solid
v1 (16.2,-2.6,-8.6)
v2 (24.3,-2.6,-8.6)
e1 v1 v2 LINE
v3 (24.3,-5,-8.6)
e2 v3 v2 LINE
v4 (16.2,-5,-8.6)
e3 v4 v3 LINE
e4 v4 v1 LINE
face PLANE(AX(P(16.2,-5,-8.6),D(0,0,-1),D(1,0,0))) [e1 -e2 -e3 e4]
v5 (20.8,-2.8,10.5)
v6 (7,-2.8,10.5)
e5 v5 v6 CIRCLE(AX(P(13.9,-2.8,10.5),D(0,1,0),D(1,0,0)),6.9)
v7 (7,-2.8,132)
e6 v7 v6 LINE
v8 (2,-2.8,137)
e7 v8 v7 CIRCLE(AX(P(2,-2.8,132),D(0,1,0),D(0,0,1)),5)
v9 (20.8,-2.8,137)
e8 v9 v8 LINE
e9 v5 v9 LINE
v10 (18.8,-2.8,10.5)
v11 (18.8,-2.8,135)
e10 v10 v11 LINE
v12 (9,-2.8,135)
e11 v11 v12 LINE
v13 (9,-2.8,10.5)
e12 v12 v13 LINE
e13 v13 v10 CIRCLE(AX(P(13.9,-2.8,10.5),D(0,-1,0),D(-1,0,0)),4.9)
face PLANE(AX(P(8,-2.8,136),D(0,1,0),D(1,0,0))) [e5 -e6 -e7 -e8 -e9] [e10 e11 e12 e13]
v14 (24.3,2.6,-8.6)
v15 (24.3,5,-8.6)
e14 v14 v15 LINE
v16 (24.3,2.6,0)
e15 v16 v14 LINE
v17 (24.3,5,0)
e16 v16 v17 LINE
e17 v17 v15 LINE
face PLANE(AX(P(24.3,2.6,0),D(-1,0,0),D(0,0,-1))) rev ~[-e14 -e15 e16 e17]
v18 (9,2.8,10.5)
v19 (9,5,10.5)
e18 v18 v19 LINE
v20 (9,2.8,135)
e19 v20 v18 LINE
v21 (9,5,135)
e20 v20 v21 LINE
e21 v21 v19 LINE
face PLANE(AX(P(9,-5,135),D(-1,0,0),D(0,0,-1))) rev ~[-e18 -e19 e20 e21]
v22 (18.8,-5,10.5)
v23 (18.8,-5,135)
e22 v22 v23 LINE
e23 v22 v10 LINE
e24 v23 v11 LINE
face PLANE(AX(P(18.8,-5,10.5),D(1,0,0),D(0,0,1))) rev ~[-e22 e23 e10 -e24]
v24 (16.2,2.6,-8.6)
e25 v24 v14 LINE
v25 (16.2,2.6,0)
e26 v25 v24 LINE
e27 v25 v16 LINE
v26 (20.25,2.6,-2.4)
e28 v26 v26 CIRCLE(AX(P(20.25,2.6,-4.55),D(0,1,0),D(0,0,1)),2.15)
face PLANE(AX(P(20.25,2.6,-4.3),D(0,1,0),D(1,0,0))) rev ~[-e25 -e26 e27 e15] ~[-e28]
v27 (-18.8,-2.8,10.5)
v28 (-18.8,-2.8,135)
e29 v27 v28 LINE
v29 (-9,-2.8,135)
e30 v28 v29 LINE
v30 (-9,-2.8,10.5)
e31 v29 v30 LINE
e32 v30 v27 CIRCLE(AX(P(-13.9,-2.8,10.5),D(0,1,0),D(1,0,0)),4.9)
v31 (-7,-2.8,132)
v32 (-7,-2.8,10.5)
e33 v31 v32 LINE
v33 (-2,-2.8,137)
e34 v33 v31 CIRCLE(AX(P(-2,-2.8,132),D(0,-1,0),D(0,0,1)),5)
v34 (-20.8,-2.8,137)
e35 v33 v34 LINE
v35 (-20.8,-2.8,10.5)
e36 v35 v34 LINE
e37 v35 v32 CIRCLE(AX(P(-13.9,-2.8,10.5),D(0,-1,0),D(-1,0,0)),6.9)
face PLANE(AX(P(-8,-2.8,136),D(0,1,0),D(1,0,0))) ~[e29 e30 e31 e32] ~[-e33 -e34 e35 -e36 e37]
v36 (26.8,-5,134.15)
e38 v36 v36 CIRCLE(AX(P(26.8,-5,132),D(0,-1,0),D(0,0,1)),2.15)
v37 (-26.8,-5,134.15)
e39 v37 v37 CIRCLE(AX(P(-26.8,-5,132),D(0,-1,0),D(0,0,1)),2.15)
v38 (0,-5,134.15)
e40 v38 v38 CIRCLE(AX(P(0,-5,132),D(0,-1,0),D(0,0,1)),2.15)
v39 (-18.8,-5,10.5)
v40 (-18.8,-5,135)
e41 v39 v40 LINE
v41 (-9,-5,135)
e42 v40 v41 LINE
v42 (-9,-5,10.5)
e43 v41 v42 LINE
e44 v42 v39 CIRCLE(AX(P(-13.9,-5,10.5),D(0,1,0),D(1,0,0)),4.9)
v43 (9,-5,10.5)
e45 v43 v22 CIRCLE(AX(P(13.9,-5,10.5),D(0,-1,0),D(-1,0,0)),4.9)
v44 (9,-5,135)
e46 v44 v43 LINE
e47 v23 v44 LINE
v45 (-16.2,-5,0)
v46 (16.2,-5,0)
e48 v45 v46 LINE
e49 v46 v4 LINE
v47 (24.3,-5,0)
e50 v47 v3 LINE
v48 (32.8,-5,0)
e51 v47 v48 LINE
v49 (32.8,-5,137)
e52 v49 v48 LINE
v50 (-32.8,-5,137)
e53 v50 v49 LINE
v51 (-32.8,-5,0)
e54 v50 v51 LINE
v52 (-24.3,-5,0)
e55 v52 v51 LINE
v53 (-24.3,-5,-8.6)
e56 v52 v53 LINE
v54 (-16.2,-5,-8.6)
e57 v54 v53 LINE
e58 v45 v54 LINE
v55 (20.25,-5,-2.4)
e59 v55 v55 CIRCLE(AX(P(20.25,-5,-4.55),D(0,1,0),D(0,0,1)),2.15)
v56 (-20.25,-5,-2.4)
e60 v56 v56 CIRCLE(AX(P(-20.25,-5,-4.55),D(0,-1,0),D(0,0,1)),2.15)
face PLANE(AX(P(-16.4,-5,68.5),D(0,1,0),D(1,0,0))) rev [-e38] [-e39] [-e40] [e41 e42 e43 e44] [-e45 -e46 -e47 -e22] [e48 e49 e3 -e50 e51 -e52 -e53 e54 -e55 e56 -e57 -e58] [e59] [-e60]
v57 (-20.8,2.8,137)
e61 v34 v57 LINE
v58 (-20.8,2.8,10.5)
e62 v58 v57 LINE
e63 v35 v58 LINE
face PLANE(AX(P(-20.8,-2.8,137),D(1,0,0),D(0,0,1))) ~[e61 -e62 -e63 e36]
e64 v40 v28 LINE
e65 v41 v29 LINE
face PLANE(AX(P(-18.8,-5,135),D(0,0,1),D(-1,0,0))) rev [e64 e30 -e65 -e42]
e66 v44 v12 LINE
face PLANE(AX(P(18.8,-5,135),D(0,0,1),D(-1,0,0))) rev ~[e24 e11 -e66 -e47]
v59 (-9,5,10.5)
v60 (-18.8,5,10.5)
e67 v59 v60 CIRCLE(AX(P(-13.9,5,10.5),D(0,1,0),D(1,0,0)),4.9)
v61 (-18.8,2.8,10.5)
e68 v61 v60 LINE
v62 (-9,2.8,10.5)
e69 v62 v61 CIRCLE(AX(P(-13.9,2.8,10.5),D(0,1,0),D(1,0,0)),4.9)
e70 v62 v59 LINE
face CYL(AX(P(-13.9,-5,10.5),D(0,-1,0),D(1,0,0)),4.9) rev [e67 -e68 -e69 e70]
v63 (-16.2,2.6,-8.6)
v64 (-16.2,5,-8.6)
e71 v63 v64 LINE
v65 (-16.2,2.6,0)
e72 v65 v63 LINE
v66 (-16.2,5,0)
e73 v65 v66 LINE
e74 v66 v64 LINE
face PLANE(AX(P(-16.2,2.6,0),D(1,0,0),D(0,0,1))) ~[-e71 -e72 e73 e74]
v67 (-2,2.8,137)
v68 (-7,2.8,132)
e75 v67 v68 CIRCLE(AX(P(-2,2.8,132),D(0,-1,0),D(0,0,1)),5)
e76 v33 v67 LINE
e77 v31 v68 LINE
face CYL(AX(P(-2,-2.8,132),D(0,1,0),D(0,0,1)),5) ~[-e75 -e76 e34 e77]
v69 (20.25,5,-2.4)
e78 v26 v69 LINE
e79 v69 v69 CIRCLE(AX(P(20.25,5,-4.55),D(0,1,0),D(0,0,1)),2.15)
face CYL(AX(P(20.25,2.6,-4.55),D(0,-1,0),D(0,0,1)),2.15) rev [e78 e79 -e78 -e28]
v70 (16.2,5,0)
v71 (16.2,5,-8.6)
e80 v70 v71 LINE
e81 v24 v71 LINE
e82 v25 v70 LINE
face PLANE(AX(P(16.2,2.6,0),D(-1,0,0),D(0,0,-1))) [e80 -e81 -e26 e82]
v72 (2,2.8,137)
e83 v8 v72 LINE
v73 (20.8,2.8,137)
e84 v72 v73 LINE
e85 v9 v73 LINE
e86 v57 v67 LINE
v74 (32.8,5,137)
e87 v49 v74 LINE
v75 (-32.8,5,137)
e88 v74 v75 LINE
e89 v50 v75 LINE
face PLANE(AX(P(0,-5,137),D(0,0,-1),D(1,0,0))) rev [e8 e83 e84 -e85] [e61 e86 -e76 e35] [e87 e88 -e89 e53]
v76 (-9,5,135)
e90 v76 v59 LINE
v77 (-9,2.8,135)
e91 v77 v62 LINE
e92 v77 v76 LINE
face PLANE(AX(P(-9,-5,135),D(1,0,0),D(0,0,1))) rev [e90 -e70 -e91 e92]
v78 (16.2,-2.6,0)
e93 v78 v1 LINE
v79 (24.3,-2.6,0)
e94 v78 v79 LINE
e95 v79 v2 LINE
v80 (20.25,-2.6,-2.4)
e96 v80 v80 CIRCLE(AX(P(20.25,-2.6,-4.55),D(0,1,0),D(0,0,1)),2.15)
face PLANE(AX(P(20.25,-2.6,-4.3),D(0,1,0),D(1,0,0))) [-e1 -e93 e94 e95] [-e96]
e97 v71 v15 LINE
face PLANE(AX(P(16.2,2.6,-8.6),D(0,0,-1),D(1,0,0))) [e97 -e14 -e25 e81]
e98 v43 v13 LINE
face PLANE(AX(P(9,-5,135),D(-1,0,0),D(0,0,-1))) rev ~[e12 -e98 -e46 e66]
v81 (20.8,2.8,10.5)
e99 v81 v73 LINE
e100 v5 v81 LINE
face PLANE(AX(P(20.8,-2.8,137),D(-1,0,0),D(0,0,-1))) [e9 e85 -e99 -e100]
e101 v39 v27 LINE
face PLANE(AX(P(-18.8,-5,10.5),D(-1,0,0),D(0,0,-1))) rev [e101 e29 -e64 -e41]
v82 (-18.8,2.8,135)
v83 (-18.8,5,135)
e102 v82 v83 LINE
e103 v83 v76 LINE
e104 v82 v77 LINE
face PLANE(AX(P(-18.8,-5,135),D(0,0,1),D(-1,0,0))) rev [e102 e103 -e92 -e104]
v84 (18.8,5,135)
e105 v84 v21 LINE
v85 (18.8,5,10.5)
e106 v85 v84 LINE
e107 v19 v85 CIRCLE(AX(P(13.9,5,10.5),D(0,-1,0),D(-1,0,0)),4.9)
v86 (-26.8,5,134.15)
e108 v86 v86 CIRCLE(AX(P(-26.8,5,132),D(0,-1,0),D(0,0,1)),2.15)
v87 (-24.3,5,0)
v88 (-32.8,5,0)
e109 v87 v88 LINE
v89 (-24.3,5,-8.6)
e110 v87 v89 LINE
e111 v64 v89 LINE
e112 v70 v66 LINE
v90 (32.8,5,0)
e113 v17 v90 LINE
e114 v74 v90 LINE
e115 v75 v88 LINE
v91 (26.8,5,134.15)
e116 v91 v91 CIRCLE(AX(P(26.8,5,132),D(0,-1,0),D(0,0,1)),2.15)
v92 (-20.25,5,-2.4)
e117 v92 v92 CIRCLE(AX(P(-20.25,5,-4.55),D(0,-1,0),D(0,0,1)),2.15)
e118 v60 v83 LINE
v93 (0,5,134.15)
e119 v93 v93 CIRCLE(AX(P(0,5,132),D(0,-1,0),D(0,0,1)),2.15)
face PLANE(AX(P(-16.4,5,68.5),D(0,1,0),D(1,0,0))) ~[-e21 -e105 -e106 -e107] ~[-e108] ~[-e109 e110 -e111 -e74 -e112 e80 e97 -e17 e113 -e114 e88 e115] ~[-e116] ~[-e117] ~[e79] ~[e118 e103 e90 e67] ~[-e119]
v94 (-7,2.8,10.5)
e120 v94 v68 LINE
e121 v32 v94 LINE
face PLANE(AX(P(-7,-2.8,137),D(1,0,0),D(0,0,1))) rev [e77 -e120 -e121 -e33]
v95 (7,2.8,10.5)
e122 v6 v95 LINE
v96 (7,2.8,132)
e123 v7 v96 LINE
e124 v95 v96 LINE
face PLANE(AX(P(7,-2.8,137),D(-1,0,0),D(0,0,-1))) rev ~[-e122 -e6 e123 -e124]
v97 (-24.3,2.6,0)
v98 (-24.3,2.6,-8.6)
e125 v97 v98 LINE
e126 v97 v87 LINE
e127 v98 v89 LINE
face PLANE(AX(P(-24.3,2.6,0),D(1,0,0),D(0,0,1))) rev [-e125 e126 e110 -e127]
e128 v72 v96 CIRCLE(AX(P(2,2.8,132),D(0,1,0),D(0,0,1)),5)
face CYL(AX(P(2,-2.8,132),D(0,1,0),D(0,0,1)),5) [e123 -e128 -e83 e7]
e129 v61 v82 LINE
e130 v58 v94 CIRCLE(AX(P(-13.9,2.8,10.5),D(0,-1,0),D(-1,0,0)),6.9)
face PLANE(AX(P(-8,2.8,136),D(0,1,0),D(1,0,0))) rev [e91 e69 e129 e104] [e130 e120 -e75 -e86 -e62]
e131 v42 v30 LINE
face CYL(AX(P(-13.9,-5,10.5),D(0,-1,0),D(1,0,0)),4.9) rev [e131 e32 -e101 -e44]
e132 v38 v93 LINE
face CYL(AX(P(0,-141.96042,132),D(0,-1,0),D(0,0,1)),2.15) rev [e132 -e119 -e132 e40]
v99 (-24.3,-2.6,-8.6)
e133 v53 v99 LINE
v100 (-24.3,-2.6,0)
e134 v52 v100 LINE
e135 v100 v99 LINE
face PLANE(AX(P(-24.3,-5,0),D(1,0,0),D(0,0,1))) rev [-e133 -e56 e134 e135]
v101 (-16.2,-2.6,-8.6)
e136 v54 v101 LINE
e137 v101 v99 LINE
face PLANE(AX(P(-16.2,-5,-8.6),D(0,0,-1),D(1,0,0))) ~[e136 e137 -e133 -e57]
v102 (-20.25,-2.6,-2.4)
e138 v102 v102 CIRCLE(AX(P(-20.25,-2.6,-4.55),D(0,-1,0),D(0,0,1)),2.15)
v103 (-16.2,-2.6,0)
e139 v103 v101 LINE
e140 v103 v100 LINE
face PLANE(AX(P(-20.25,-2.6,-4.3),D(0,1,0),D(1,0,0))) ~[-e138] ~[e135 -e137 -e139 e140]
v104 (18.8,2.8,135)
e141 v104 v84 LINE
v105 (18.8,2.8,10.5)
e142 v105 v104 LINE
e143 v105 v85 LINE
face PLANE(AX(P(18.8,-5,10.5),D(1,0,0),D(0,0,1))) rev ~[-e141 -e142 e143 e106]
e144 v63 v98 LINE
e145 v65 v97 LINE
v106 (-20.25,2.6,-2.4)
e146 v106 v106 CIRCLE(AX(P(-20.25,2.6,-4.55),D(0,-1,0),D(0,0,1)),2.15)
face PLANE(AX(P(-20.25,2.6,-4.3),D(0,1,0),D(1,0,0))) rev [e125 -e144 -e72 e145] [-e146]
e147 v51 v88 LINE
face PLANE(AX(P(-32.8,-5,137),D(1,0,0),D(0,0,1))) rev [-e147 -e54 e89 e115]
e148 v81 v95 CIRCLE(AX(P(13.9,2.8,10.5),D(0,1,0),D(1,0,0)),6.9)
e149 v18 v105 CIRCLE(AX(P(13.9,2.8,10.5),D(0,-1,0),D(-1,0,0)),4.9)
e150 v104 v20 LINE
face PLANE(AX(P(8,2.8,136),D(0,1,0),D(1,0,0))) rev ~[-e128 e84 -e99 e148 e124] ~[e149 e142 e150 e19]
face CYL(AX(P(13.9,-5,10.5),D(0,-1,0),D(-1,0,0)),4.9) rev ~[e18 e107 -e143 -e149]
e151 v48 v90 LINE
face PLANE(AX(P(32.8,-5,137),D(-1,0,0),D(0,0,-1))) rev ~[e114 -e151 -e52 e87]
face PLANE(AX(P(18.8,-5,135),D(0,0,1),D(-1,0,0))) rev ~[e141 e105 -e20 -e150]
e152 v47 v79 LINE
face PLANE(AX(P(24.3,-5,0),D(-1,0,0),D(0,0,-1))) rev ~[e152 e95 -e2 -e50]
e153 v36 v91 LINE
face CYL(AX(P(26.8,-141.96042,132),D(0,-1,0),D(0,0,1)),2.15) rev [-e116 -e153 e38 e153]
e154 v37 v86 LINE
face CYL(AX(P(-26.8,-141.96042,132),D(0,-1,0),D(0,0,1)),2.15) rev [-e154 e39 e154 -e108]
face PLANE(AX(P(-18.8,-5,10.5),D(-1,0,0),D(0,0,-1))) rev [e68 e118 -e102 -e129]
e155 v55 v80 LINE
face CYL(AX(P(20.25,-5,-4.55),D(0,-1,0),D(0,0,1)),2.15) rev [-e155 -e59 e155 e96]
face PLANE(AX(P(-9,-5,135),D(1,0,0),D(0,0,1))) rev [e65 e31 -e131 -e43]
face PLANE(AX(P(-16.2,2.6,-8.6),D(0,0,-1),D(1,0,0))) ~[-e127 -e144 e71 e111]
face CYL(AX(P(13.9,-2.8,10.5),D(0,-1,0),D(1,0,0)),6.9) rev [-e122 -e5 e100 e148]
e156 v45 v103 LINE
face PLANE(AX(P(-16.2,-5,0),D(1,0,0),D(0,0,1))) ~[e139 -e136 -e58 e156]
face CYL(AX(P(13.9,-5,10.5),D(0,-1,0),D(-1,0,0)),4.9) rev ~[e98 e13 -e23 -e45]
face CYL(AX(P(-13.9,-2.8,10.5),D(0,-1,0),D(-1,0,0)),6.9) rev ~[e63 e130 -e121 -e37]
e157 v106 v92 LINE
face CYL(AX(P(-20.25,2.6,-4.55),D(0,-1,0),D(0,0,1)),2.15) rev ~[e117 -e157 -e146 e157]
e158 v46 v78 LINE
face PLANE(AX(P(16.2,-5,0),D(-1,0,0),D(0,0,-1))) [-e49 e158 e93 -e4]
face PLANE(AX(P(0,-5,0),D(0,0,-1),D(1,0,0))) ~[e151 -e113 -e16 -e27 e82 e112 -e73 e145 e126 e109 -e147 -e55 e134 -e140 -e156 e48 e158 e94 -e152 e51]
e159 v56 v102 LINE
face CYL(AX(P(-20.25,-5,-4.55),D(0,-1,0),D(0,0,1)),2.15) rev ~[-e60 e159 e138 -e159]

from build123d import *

# Parameters (mm, degrees)
BOSS_EXTRUDE1_DEPTH      = 5
BOSS_EXTRUDE1_DEPTH_BACK = 5
SKETCH1_W                = 32.8
SKETCH1_H                = 137
CUT_EXTRUDE1_DEPTH       = 2.8
CUT_EXTRUDE1_DEPTH_BACK  = 2.8
SKETCH1_4_R              = 4.9
CUT_EXTRUDE3_DEPTH       = 2.8
CUT_EXTRUDE3_DEPTH_BACK  = 2.8
SKETCH1_8_W              = 2
SKETCH1_8_H              = 2
SKETCH1_8_W_2            = 9.8
BOSS_EXTRUDE2_START      = 2.6
SKETCH1_5_W              = 8.1
SKETCH1_5_H              = 8.6
SKETCH1_5_R              = 2.15
BOSS_EXTRUDE2_DEPTH      = 2.4
BOSS_EXTRUDE3_START      = -5
SKETCH1_6_W              = 8.1
SKETCH1_6_H              = 8.6
SKETCH1_6_R              = 2.15
BOSS_EXTRUDE3_DEPTH      = 2.4
FILLET1_R                = 5
CUT_EXTRUDE4_DEPTH       = 141.960419977
CUT_EXTRUDE4_DEPTH_BACK  = 141.960419977
SKETCH3_R                = 2.15


with BuildPart() as part:
    # Sketch1 → Boss-Extrude1 (new, two sides: drawn at the far end of the back side and taken through both)
    with BuildSketch(Plane(origin=(0, 0, 0), x_dir=(1, 0, 0), z_dir=(0, 1, 0)).offset(-BOSS_EXTRUDE1_DEPTH_BACK)):
        with Locations((16.4, -68.5)):
            Rectangle(SKETCH1_W, SKETCH1_H)
        with BuildLine():
            Line((9, -135), (9, -10.5))
            ThreePointArc((9, -10.5), (13.9, -5.6), (18.8, -10.5))
            Line((18.8, -10.5), (18.8, -135))
            Line((18.8, -135), (9, -135))
        make_face(mode=Mode.SUBTRACT)
    extrude(amount=BOSS_EXTRUDE1_DEPTH + BOSS_EXTRUDE1_DEPTH_BACK)

    # Sketch1<4> → Cut-Extrude1 (cut, two sides: drawn at the far end of the back side and taken through both)
    with BuildSketch(Plane(origin=(0, 0, 0), x_dir=(1, 0, 0), z_dir=(0, 1, 0)).offset(-CUT_EXTRUDE1_DEPTH_BACK)):
        with BuildLine():
            Line((7, -10.5), (7, -135))
            Line((7, -135), (9, -135))
            Line((9, -135), (9, -15.357983121))
            ThreePointArc((9, -15.357983121), (7.519561144, -13.126785107), (7, -10.5))
        make_face()
        with BuildLine():
            Line((18.8, -135), (20.8, -135))
            Line((20.8, -135), (20.8, -10.5))
            ThreePointArc((20.8, -10.5), (20.280438856, -13.126785107), (18.8, -15.357983121))
            Line((18.8, -15.357983121), (18.8, -135))
        make_face()
        with BuildLine():
            Line((9, -15.357983121), (9, -135))
            Line((9, -135), (18.8, -135))
            Line((18.8, -135), (18.8, -15.357983121))
            ThreePointArc((18.8, -15.357983121), (13.9, -17.4), (9, -15.357983121))
        make_face()
        with BuildLine():
            ThreePointArc((20.8, -10.5), (13.9, -3.6), (7, -10.5))
            ThreePointArc((7, -10.5), (7.519561144, -13.126785107), (9, -15.357983121))
            Line((9, -15.357983121), (9, -10.5))
            ThreePointArc((9, -10.5), (13.9, -5.6), (18.8, -10.5))
            Line((18.8, -10.5), (18.8, -15.357983121))
            ThreePointArc((18.8, -15.357983121), (20.280438856, -13.126785107), (20.8, -10.5))
        make_face()
        with BuildLine():
            Line((9, -10.5), (9, -15.357983121))
            ThreePointArc((9, -15.357983121), (13.9, -17.4), (18.8, -15.357983121))
            Line((18.8, -15.357983121), (18.8, -10.5))
            ThreePointArc((18.8, -10.5), (13.9, -15.4), (9, -10.5))
        make_face()
        with Locations((13.9, -10.5)):
            Circle(SKETCH1_4_R)
    extrude(amount=CUT_EXTRUDE1_DEPTH + CUT_EXTRUDE1_DEPTH_BACK, mode=Mode.SUBTRACT)

    # Sketch1<8> → Cut-Extrude3 (cut, two sides: drawn at the far end of the back side and taken through both)
    with BuildSketch(Plane(origin=(0, 0, 0), x_dir=(1, 0, 0), z_dir=(0, 1, 0)).offset(-CUT_EXTRUDE3_DEPTH_BACK)):
        with Locations((8, -136)):
            Rectangle(SKETCH1_8_W, SKETCH1_8_H)
        with Locations((19.8, -136)):
            Rectangle(SKETCH1_8_W, SKETCH1_8_H)
        with Locations((13.9, -136)):
            Rectangle(SKETCH1_8_W_2, SKETCH1_8_H)
    extrude(amount=CUT_EXTRUDE3_DEPTH + CUT_EXTRUDE3_DEPTH_BACK, mode=Mode.SUBTRACT)

    # Sketch1<5> → Boss-Extrude2 (add)
    with BuildSketch(Plane(origin=(0, 0, 0), x_dir=(1, 0, 0), z_dir=(0, 1, 0)).offset(BOSS_EXTRUDE2_START)):
        with Locations((20.25, 4.3)):
            Rectangle(SKETCH1_5_W, SKETCH1_5_H)
        with Locations(Location((20.25, 4.55, 0), (0, 0, 270))):
            Circle(SKETCH1_5_R, mode=Mode.SUBTRACT)
    extrude(amount=BOSS_EXTRUDE2_DEPTH)

    # Sketch1<6> → Boss-Extrude3 (add)
    with BuildSketch(Plane(origin=(0, 0, 0), x_dir=(1, 0, 0), z_dir=(0, 1, 0)).offset(BOSS_EXTRUDE3_START)):
        with Locations((20.25, 4.3)):
            Rectangle(SKETCH1_6_W, SKETCH1_6_H)
        with Locations(Location((20.25, 4.55, 0), (0, 0, 270))):
            Circle(SKETCH1_6_R, mode=Mode.SUBTRACT)
    extrude(amount=BOSS_EXTRUDE3_DEPTH)

    # Mirror1: part across plane


with BuildPart() as part_1:
    add(part.part)
    add(part.part.mirror(Plane(origin=(0, 0, 0), x_dir=(0, 0, 1), z_dir=(1, 0, 0))))

    # Fillet1
    fillet1_edges = [part_1.edges().sort_by_distance(p)[0] for p in [
        (-7, 0, 137),
        (7, 0, 137),
    ]]
    fillet(fillet1_edges, radius=FILLET1_R)

    # Sketch3 → Cut-Extrude4 (cut, two sides: drawn at the far end of the back side and taken through both)
    with BuildSketch(Plane(origin=(0, 0, 0), x_dir=(1, 0, 0), z_dir=(0, 1, 0)).offset(-CUT_EXTRUDE4_DEPTH_BACK)):
        with Locations(Location((0, -132, 0), (0, 0, 270))):
            Circle(SKETCH3_R)
        with Locations(Location((26.8, -132, 0), (0, 0, 270))):
            Circle(SKETCH3_R)
        with Locations(Location((-26.8, -132, 0), (0, 0, 270))):
            Circle(SKETCH3_R)
    extrude(amount=CUT_EXTRUDE4_DEPTH + CUT_EXTRUDE4_DEPTH_BACK, mode=Mode.SUBTRACT)


solid = part_1.part
